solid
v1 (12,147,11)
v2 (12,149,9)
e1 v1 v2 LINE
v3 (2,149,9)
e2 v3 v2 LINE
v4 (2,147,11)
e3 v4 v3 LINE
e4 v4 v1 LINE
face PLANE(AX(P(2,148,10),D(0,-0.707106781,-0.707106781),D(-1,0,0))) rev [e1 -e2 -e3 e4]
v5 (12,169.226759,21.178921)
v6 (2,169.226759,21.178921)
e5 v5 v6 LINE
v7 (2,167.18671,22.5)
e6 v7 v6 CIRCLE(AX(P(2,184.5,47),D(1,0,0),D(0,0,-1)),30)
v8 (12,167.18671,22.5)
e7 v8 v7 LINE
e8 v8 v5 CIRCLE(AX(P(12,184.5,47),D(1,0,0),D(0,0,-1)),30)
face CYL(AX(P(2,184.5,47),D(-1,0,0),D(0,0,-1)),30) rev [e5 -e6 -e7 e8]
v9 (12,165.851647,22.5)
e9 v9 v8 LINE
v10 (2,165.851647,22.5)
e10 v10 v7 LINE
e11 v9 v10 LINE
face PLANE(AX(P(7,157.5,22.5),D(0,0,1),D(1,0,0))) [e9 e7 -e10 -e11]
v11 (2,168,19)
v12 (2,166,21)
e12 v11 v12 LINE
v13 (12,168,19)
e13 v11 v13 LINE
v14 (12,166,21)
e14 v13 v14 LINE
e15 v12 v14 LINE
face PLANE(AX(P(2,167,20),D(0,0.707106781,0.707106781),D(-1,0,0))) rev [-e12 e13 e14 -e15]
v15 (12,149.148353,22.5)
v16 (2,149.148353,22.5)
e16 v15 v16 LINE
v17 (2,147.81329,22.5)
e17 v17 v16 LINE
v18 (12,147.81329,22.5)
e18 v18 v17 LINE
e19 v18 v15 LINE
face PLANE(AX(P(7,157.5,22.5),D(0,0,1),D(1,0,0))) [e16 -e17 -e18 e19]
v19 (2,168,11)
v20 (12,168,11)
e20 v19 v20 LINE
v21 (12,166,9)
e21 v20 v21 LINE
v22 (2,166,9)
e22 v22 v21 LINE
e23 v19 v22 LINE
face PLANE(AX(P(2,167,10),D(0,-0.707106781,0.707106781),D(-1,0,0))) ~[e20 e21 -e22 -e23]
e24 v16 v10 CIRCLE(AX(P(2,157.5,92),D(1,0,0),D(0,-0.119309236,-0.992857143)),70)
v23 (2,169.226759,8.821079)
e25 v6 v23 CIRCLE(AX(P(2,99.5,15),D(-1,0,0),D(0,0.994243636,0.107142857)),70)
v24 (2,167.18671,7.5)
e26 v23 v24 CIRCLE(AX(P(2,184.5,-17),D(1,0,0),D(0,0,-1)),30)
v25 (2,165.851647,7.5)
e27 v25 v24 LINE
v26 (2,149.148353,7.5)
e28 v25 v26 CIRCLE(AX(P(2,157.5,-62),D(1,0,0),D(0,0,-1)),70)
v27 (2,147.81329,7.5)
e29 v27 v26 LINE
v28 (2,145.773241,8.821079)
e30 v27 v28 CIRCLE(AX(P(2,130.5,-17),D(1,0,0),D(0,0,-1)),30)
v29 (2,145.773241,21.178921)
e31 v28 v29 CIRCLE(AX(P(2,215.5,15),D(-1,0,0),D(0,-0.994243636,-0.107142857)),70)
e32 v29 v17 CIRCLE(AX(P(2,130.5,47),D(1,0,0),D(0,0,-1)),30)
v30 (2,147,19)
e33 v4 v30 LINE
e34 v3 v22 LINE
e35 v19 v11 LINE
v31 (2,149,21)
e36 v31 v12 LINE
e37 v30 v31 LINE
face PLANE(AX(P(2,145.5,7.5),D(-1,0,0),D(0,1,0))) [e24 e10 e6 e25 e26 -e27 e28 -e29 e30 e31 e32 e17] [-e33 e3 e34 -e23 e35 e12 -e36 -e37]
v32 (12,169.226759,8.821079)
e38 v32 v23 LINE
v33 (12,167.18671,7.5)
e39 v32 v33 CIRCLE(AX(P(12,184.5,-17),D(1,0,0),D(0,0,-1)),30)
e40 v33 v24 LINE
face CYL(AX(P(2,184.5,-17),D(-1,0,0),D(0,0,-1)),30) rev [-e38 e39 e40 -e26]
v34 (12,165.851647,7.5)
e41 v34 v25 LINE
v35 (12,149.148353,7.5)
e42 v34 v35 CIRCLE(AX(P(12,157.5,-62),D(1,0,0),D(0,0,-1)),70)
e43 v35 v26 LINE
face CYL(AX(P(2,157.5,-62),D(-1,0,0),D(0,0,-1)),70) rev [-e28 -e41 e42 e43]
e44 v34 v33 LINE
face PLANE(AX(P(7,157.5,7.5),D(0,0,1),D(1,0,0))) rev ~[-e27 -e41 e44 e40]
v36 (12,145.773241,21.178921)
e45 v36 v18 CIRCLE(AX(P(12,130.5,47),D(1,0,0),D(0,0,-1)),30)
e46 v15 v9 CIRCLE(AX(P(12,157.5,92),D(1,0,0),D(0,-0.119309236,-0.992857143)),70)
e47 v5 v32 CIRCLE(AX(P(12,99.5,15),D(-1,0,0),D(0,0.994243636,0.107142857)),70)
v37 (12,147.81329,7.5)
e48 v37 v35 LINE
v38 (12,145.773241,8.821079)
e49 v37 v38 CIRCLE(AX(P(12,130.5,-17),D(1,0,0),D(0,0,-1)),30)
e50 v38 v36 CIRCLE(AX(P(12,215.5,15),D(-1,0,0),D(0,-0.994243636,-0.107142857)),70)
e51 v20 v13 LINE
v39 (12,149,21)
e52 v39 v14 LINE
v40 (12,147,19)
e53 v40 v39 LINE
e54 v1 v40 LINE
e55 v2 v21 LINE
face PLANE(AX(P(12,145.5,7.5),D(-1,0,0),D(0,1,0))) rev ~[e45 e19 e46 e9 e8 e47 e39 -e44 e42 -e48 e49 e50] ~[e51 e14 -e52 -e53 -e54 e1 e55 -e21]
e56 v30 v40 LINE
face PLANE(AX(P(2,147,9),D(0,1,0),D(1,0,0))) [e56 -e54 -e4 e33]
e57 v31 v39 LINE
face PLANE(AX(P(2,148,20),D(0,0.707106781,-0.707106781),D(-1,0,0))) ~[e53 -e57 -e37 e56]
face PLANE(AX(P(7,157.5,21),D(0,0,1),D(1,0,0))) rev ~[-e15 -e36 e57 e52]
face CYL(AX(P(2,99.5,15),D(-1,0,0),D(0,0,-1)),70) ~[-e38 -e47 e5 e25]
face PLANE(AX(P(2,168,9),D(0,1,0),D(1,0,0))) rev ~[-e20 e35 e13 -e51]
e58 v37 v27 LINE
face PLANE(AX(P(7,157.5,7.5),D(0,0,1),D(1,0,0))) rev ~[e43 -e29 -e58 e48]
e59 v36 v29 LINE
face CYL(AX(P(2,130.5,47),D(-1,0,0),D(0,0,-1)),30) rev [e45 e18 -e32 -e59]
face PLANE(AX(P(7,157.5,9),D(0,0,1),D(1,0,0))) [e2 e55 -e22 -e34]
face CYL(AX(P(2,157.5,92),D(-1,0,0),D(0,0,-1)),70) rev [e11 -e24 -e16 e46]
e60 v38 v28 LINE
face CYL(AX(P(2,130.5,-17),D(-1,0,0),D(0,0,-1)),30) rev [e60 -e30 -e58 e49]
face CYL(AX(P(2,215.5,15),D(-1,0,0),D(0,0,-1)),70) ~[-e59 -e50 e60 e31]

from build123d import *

# Parameters (mm, degrees)
BOX011_W          = 10
BOX011_H          = 21
BOX011_DEPTH      = 12
CHAMFER001_SIZE   = 2
CYLINDER032_R     = 30
CYLINDER032_DEPTH = 10
CYLINDER031_R     = 30
CYLINDER031_DEPTH = 10
CYLINDER030_R     = 30
CYLINDER030_DEPTH = 10
CYLINDER028_R     = 30
CYLINDER028_DEPTH = 10
CYLINDER029_R     = 70
CYLINDER029_DEPTH = 10
CYLINDER027_R     = 70
CYLINDER027_DEPTH = 10
CYLINDER026_R     = 70
CYLINDER026_DEPTH = 10
CYLINDER025_R     = 70
CYLINDER025_DEPTH = 10
BOX008_W          = 10
BOX008_H          = 24
BOX008_DEPTH      = 15


with BuildPart() as chamfer001:
    # Box011 → Box011 (new body)
    with BuildSketch(Plane(origin=(2, 12, 9), x_dir=(1, 0, 0), z_dir=(0, 0, 1))):
        with Locations((5, 10.5)):
            Rectangle(BOX011_W, BOX011_H)
    extrude(amount=BOX011_DEPTH)

    # Chamfer001
    chamfer001_edges = [chamfer001.edges().sort_by_distance(p)[0] for p in [
        (7, 12, 9),
        (7, 12, 21),
        (7, 33, 9),
        (7, 33, 21),
    ]]
    chamfer(chamfer001_edges, length=CHAMFER001_SIZE)


with BuildPart() as chamfer001_1:
    # Chamfer001 placement: moved
    add(chamfer001.part.moved(Location((0, 135, 0))))


with BuildPart() as cylinder032:
    # Cylinder032 → Cylinder032 (new body)
    with BuildSketch(Plane(origin=(22, -27, 39.5), x_dir=(0, 0, -1), z_dir=(1, 0, 0))):
        Circle(CYLINDER032_R)
    extrude(amount=CYLINDER032_DEPTH)


with BuildPart() as cylinder031:
    # Cylinder031 → Cylinder031 (new body)
    with BuildSketch(Plane(origin=(22, -27, -24.5), x_dir=(0, 0, -1), z_dir=(1, 0, 0))):
        Circle(CYLINDER031_R)
    extrude(amount=CYLINDER031_DEPTH)


with BuildPart() as cylinder030:
    # Cylinder030 → Cylinder030 (new body)
    with BuildSketch(Plane(origin=(22, 27, -24.5), x_dir=(0, 0, -1), z_dir=(1, 0, 0))):
        Circle(CYLINDER030_R)
    extrude(amount=CYLINDER030_DEPTH)


with BuildPart() as cylinder028:
    # Cylinder028 → Cylinder028 (new body)
    with BuildSketch(Plane(origin=(22, 27, 39.5), x_dir=(0, 0, -1), z_dir=(1, 0, 0))):
        Circle(CYLINDER028_R)
    extrude(amount=CYLINDER028_DEPTH)


with BuildPart() as cylinder029:
    # Cylinder029 → Cylinder029 (new body)
    with BuildSketch(Plane(origin=(22, -58, 7.5), x_dir=(0, 0, -1), z_dir=(1, 0, 0))):
        Circle(CYLINDER029_R)
    extrude(amount=CYLINDER029_DEPTH)


with BuildPart() as cylinder027:
    # Cylinder027 → Cylinder027 (new body)
    with BuildSketch(Plane(origin=(22, 58, 7.5), x_dir=(0, 0, -1), z_dir=(1, 0, 0))):
        Circle(CYLINDER027_R)
    extrude(amount=CYLINDER027_DEPTH)


with BuildPart() as cylinder026:
    # Cylinder026 → Cylinder026 (new body)
    with BuildSketch(Plane(origin=(22, 0, 84.5), x_dir=(0, 0, -1), z_dir=(1, 0, 0))):
        Circle(CYLINDER026_R)
    extrude(amount=CYLINDER026_DEPTH)


with BuildPart() as cylinder025:
    # Cylinder025 → Cylinder025 (new body)
    with BuildSketch(Plane(origin=(22, 0, -69.5), x_dir=(0, 0, -1), z_dir=(1, 0, 0))):
        Circle(CYLINDER025_R)
    extrude(amount=CYLINDER025_DEPTH)


with BuildPart() as cut029:
    # Box008 → Box008 (new body)
    with BuildSketch(Plane(origin=(22, -12, 0), x_dir=(1, 0, 0), z_dir=(0, 0, 1))):
        with Locations((5, 12)):
            Rectangle(BOX008_W, BOX008_H)
    extrude(amount=BOX008_DEPTH)

    # Cut015: cut Cylinder025
    add(cylinder025.part, mode=Mode.SUBTRACT)

    # Cut016: cut Cylinder026
    add(cylinder026.part, mode=Mode.SUBTRACT)

    # Common004: intersect Cylinder027
    add(cylinder027.part, mode=Mode.INTERSECT)

    # Common005: intersect Cylinder029
    add(cylinder029.part, mode=Mode.INTERSECT)

    # Cut017: cut Cylinder028
    add(cylinder028.part, mode=Mode.SUBTRACT)

    # Cut018: cut Cylinder030
    add(cylinder030.part, mode=Mode.SUBTRACT)

    # Cut019: cut Cylinder031
    add(cylinder031.part, mode=Mode.SUBTRACT)

    # Cut020: cut Cylinder032
    add(cylinder032.part, mode=Mode.SUBTRACT)


with BuildPart() as cut029_1:
    # Cut020 placement: moved
    add(cut029.part.moved(Location((-20, 157.5, 7.5))))

    # Cut029: cut Chamfer001
    add(chamfer001_1.part, mode=Mode.SUBTRACT)


solid = cut029_1.part
